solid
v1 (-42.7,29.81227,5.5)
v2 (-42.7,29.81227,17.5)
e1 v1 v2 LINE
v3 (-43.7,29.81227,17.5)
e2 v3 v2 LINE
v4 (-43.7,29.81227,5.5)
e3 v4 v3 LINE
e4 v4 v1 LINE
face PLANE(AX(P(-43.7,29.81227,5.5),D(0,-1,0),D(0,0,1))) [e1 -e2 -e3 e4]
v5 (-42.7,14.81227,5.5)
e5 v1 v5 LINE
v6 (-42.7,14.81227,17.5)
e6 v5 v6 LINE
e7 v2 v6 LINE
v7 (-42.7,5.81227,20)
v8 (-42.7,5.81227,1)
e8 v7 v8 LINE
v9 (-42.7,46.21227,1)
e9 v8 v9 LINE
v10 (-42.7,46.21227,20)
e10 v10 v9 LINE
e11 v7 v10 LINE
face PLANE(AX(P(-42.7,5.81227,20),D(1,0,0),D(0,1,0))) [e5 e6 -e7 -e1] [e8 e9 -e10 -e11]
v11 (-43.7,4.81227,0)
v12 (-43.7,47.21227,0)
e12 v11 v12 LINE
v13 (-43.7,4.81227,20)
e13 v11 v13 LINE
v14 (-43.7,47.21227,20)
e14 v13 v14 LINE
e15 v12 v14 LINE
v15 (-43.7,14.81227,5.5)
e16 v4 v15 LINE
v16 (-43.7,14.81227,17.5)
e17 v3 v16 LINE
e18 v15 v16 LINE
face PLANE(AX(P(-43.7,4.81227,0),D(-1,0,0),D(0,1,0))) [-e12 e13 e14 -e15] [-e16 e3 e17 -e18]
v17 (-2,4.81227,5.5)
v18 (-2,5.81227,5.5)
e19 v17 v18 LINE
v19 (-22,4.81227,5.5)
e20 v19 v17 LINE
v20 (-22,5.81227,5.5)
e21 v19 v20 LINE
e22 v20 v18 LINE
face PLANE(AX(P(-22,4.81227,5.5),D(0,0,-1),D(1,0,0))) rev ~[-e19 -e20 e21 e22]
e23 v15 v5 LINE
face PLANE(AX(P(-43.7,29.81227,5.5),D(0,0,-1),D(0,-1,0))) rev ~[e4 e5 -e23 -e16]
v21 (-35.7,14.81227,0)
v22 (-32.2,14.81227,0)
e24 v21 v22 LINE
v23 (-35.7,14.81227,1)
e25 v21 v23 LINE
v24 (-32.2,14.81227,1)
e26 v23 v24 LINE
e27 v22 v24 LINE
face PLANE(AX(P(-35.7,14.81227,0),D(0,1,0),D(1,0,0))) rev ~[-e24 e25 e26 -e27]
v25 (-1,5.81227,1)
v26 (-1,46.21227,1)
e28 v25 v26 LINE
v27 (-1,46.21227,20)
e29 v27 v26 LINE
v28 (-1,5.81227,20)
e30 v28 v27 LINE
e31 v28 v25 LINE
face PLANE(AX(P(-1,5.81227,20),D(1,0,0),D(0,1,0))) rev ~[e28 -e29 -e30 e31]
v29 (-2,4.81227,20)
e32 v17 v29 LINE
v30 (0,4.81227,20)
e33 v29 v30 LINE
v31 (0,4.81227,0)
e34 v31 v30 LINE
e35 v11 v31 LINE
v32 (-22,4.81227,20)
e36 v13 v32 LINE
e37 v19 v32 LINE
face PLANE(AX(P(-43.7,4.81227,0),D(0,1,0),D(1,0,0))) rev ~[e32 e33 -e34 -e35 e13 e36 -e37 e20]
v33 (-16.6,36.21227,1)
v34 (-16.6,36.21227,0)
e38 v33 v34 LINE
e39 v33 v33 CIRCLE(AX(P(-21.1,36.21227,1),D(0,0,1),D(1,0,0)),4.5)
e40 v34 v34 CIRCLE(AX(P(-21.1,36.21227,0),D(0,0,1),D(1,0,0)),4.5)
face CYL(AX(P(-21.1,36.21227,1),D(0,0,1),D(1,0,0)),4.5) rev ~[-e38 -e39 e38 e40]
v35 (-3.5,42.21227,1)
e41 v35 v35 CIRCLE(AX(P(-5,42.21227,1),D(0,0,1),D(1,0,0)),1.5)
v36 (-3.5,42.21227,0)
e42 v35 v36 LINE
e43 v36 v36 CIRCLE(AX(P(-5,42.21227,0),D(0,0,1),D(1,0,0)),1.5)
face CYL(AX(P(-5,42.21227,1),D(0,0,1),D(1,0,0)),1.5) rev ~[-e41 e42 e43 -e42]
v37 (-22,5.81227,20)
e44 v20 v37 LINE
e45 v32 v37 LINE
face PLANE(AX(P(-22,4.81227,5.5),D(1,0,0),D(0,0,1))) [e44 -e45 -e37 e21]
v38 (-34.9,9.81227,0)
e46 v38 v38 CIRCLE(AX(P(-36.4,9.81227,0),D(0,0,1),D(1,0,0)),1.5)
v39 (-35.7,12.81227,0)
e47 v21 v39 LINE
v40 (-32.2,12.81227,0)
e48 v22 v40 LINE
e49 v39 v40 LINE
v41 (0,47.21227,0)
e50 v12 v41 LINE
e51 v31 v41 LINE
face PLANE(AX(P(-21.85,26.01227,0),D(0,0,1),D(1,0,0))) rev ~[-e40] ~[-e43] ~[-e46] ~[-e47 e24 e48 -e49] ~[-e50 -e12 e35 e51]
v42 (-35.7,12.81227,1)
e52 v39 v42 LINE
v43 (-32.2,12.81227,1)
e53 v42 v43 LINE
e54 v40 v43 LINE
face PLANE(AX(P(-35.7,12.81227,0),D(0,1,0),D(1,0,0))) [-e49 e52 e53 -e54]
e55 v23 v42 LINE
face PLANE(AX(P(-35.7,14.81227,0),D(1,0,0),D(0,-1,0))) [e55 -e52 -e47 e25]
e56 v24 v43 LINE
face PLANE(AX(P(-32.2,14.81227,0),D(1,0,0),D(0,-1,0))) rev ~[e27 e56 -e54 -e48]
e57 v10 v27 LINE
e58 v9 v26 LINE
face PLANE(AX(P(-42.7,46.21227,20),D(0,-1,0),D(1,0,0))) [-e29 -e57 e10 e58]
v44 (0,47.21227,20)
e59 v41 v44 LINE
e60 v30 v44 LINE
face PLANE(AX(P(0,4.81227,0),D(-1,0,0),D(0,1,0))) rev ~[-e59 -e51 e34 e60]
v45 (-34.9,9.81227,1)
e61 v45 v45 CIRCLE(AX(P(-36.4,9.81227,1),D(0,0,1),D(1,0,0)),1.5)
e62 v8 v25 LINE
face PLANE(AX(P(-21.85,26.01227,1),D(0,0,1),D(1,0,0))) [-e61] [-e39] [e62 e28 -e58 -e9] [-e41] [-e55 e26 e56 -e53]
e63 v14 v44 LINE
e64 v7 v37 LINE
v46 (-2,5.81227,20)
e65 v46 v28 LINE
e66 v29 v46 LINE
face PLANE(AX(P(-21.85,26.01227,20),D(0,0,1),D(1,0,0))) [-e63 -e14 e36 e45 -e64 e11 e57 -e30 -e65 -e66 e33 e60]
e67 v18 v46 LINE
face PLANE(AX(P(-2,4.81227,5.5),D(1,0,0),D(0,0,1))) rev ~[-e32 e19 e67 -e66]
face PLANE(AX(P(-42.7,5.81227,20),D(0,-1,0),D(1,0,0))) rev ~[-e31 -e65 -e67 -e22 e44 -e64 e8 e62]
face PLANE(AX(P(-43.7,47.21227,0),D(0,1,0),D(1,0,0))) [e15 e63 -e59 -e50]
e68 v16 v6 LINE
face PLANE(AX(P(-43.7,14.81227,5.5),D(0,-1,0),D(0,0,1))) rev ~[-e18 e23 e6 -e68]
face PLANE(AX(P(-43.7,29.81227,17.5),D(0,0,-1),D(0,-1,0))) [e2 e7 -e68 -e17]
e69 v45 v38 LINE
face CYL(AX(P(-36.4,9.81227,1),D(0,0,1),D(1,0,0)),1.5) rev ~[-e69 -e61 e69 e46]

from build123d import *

# Parameters (mm, degrees)
F0_W      = 43.7
F0_H      = 42.4
F1_DEPTH  = 20
F2_W      = 41.7
F2_H      = 40.4
F3_DEPTH  = 19
F4_R      = 1.5
F5_DEPTH  = 1
F6_R      = 4.5
F7_DEPTH  = 1
F8_W      = 15
F8_H      = 12
F9_DEPTH  = 1
F10_W     = 20
F10_H     = 14.5
F11_DEPTH = 1
F12_W     = 3.5
F12_H     = 2
F13_DEPTH = 1


with BuildPart() as f1:
    # F0 (on Top) → F1 (new body)
    with BuildSketch(Plane.XY):
        with Locations((-21.85, 26.01227)):
            Rectangle(F0_W, F0_H)
    extrude(amount=F1_DEPTH)

    # F2 (on face) → F3 (cut)
    with BuildSketch(Plane.XY.offset(20)):
        with Locations((-21.85, 26.01227)):
            Rectangle(F2_W, F2_H)
    extrude(amount=-F3_DEPTH, mode=Mode.SUBTRACT)

    # F4 (on face) → F5 (cut)
    with BuildSketch(Plane.XY.offset(1)):
        with Locations((-5, 42.21227)):
            Circle(F4_R)
        with Locations((-36.4, 9.81227)):
            Circle(F4_R)
    extrude(amount=-F5_DEPTH, mode=Mode.SUBTRACT)

    # F6 (on face) → F7 (cut)
    with BuildSketch(Plane.XY.offset(1)):
        with Locations((-21.1, 36.21227)):
            Circle(F6_R)
    extrude(amount=-F7_DEPTH, mode=Mode.SUBTRACT)

    # F8 (on face) → F9 (cut)
    with BuildSketch(Plane(origin=(-43.7, 0, 0), x_dir=(0, -1, 0), z_dir=(-1, 0, 0))):
        with Locations((-22.31227, 11.5)):
            Rectangle(F8_W, F8_H)
    extrude(amount=-F9_DEPTH, mode=Mode.SUBTRACT)

    # F10 (on face) → F11 (cut)
    with BuildSketch(Plane.XZ.offset(-4.81227)):
        with Locations((-12, 12.75)):
            Rectangle(F10_W, F10_H)
    extrude(amount=-F11_DEPTH, mode=Mode.SUBTRACT)

    # F12 (on face) → F13 (cut)
    with BuildSketch(Plane(origin=(0, 0, 0), x_dir=(1, 0, 0), z_dir=(0, 0, -1))):
        with Locations((-33.95, -13.81227)):
            Rectangle(F12_W, F12_H)
    extrude(amount=-F13_DEPTH, mode=Mode.SUBTRACT)


solid = f1.part
